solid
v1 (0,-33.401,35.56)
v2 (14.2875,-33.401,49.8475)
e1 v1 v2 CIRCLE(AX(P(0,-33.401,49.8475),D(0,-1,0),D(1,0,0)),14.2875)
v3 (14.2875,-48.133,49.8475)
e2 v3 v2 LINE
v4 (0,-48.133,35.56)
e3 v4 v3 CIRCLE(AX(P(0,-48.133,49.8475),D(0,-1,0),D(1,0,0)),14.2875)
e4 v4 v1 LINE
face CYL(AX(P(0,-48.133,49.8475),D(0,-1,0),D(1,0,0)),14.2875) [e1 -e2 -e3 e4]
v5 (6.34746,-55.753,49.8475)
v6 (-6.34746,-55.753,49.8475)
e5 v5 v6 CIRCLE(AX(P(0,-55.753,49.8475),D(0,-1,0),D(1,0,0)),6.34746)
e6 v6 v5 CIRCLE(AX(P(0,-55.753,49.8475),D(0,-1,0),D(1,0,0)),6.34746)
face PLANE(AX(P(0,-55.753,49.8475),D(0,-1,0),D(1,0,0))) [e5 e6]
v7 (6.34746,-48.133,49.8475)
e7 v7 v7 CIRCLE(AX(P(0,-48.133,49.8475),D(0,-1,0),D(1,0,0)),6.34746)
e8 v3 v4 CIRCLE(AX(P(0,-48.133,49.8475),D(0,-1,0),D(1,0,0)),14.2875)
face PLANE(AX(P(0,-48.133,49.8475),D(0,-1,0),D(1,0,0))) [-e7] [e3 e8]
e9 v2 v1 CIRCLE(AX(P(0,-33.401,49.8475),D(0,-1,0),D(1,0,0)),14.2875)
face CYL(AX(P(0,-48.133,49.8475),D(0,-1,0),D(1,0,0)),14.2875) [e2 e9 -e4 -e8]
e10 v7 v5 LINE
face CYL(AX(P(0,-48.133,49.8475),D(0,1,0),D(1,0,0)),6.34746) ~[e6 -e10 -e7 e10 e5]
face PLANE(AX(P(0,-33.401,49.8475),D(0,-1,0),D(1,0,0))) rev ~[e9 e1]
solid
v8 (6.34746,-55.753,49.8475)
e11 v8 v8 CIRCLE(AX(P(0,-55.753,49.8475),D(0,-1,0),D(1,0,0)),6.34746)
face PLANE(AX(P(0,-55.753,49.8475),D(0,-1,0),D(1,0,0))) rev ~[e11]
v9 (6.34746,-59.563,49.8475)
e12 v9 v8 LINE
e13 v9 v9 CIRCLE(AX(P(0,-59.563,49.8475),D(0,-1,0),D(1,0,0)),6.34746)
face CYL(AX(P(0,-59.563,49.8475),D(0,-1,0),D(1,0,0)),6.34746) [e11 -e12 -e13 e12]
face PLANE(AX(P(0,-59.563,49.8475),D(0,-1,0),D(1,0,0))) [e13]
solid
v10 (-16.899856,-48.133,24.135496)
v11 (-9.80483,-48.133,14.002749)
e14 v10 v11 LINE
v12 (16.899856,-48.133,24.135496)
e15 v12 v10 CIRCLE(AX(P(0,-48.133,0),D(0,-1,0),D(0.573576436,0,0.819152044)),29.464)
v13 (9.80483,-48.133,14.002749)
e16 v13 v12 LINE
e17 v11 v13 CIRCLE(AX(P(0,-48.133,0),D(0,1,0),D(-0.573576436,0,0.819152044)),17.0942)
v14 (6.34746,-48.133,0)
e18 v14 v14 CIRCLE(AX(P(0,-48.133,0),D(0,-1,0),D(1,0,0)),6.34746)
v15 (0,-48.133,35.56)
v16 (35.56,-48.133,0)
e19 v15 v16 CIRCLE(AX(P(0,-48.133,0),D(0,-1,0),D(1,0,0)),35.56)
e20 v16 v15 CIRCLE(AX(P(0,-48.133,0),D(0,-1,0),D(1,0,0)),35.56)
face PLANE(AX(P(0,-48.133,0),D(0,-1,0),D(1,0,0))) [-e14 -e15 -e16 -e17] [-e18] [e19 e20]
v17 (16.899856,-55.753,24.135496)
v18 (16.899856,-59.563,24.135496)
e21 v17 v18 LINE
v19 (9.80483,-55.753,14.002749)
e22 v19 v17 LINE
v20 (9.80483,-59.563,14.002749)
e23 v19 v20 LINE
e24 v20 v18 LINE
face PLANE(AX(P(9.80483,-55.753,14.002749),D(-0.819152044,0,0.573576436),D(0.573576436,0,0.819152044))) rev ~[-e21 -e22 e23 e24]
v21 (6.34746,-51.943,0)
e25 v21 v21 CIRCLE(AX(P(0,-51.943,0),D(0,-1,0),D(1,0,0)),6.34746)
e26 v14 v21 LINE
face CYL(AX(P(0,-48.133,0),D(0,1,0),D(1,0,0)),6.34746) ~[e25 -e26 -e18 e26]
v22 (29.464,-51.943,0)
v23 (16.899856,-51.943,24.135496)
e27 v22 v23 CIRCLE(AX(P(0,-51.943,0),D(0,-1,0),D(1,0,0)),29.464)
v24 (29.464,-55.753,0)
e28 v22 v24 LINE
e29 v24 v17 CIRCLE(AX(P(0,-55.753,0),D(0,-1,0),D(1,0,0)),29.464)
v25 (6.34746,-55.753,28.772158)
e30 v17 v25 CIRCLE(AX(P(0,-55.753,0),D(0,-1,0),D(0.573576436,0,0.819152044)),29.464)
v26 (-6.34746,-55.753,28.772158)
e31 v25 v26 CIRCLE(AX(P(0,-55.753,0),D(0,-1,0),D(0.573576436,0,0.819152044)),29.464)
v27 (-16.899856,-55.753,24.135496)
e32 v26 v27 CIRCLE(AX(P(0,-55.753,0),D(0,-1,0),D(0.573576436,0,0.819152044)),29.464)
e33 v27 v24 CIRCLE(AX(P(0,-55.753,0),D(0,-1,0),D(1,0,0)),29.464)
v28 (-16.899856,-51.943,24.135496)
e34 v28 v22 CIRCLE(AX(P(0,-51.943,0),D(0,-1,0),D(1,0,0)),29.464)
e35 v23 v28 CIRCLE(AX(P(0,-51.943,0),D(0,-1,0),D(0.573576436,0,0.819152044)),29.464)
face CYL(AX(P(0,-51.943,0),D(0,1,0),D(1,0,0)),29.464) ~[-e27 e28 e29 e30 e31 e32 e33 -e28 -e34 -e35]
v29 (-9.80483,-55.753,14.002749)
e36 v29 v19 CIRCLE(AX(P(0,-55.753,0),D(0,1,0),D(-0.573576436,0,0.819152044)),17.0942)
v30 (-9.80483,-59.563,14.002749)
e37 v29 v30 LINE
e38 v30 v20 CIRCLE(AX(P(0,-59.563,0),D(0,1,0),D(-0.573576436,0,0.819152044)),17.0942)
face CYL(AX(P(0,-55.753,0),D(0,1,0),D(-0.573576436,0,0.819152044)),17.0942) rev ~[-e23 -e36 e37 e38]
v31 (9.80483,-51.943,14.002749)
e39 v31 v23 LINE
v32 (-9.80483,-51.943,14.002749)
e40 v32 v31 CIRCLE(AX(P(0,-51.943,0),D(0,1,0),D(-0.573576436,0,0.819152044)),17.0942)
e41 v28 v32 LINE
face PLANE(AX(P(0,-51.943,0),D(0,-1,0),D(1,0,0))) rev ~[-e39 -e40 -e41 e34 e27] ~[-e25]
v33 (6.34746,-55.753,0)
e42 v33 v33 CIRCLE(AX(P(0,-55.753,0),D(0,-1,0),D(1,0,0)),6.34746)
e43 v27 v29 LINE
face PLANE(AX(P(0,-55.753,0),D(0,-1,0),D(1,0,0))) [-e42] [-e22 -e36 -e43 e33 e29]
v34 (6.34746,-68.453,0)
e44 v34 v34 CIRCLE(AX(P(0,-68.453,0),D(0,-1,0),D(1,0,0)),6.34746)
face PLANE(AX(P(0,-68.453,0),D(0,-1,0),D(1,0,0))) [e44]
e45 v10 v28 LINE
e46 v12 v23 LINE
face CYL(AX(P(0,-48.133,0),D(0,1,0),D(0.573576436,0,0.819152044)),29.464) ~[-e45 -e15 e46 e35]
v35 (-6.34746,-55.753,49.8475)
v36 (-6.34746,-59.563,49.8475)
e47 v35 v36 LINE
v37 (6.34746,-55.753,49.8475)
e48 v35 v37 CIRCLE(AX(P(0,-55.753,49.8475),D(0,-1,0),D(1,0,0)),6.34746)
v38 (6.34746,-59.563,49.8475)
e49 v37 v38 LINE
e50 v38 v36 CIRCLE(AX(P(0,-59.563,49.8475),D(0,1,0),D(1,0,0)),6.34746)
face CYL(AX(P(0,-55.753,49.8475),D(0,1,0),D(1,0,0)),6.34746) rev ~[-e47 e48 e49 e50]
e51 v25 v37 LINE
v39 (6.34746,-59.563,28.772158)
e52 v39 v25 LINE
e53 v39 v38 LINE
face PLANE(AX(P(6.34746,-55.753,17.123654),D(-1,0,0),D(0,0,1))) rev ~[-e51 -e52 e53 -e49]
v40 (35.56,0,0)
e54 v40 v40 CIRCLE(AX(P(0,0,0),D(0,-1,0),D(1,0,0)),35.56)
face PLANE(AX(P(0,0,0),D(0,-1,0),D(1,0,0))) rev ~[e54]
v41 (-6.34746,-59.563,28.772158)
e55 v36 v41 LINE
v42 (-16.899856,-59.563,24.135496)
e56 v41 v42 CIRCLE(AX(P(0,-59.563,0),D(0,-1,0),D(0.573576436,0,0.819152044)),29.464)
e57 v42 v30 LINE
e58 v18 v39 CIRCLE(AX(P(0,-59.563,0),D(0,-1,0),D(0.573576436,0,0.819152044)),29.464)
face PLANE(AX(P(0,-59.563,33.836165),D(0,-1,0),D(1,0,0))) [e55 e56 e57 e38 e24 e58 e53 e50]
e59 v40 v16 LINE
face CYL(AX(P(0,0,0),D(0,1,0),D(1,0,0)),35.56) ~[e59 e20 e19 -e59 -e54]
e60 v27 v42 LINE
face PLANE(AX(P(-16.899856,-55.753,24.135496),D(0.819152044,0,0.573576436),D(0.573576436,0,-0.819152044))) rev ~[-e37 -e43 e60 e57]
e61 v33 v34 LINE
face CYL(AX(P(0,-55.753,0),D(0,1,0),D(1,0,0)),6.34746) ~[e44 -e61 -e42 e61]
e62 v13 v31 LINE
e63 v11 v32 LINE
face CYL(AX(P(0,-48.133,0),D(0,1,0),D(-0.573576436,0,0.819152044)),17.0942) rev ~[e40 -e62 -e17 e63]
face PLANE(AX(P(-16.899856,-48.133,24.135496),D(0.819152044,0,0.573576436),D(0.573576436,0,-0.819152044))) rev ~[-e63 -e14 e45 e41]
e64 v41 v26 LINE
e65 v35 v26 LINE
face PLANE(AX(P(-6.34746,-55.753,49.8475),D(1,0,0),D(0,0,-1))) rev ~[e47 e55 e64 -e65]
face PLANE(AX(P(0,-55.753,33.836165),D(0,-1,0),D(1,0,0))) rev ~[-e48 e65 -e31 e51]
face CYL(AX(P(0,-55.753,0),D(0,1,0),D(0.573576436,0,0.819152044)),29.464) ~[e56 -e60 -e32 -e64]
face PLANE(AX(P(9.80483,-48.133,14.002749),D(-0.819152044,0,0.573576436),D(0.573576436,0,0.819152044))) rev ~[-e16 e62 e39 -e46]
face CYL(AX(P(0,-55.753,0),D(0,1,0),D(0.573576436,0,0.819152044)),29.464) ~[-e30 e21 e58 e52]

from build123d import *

# Parameters (mm, degrees)
F0_R      = 35.56
F1_DEPTH  = 48.133
F3_DEPTH  = 14.732
F4_R      = 6.34746
F5_DEPTH  = 3.81
F7_DEPTH  = 3.81
F8_R      = 6.34746
F9_DEPTH  = 7.62
F10_R     = 29.464
F11_DEPTH = 3.81
F12_R     = 6.34746
F13_DEPTH = 12.7
F15_DEPTH = 3.81
F17_DEPTH = 3.81
F19_DEPTH = 3.81


with BuildPart() as f1:
    # F0 (on Front) → F1 (new body)
    with BuildSketch(Plane.XZ):
        Circle(F0_R)
    extrude(amount=F1_DEPTH)

    # F2 (on face) → F3 (join)
    with BuildSketch(Plane.XZ.offset(48.133)):
        with BuildLine():
            ThreePointArc((7.5e-09, 35.56), (10.1027881389, 39.7447118665), (14.2875, 49.8475))
            ThreePointArc((14.2875, 49.8475), (-10.1027881389, 59.9502881335), (7.5e-09, 35.56))
        make_face()
    extrude(amount=-F3_DEPTH)

    # F4 (on face) → F5 (join)
    with BuildSketch(Plane.XZ.offset(48.133)):
        Circle(F4_R)
    extrude(amount=F5_DEPTH)

    # F6 (on face) → F7 (join)
    with BuildSketch(Plane.XZ.offset(48.133)):
        with BuildLine():
            ThreePointArc((-9.8048303183, 14.0027488755), (0, 17.0942), (9.8048303183, 14.0027488755))
            Line((9.8048303183, 14.0027488755), (16.8998561206, 24.1354958329))
            ThreePointArc((16.8998561206, 24.1354958329), (0, 29.464), (-16.8998561206, 24.1354958329))
            Line((-16.8998561206, 24.1354958329), (-9.8048303183, 14.0027488755))
        make_face()
    extrude(amount=F7_DEPTH)

    # F8 (on face) → F9 (join)
    with BuildSketch(Plane.XZ.offset(48.133)):
        with Locations((0, 49.8475)):
            Circle(F8_R)
    extrude(amount=F9_DEPTH)

    # F10 (on face) → F11 (join)
    with BuildSketch(Plane.XZ.offset(51.943)):
        Circle(F10_R)
    extrude(amount=F11_DEPTH)

    # F12 (on face) → F13 (join)
    with BuildSketch(Plane.XZ.offset(55.753)):
        Circle(F12_R)
    extrude(amount=F13_DEPTH)

    # F14 (on face) → F15 (join)
    with BuildSketch(Plane.XZ.offset(55.753)):
        with BuildLine():
            ThreePointArc((-9.8048303183, 14.0027488755), (0, 17.0942), (9.8048303183, 14.0027488755))
            Line((9.8048303183, 14.0027488755), (16.8998561206, 24.1354958329))
            ThreePointArc((16.8998561206, 24.1354958329), (0, 29.464), (-16.8998561206, 24.1354958329))
            Line((-16.8998561206, 24.1354958329), (-9.8048303183, 14.0027488755))
        make_face()
    extrude(amount=F15_DEPTH)

    # F16 (on face) → F17 (join)
    with BuildSketch(Plane.XZ.offset(55.753)):
        with BuildLine():
            ThreePointArc((6.34746, 49.8475), (0, 43.50004), (-6.34746, 49.8475))
            Line((-6.34746, 49.8475), (-6.34746, 17.1236544847))
            Line((-6.34746, 17.1236544847), (6.34746, 17.1236544847))
            Line((6.34746, 17.1236544847), (6.34746, 49.8475))
        make_face()
    extrude(amount=F17_DEPTH)


with BuildPart() as f19:
    # F18 (on face) → F19 (new body)
    with BuildSketch(Plane.XZ.offset(59.563)):
        with BuildLine():
            ThreePointArc((-6.34746, 49.8475), (0, 43.50004), (6.34746, 49.8475))
            ThreePointArc((6.34746, 49.8475), (0, 56.19496), (-6.34746, 49.8475))
        make_face()
    extrude(amount=-F19_DEPTH)


solid = Compound([f1.part, f19.part])
